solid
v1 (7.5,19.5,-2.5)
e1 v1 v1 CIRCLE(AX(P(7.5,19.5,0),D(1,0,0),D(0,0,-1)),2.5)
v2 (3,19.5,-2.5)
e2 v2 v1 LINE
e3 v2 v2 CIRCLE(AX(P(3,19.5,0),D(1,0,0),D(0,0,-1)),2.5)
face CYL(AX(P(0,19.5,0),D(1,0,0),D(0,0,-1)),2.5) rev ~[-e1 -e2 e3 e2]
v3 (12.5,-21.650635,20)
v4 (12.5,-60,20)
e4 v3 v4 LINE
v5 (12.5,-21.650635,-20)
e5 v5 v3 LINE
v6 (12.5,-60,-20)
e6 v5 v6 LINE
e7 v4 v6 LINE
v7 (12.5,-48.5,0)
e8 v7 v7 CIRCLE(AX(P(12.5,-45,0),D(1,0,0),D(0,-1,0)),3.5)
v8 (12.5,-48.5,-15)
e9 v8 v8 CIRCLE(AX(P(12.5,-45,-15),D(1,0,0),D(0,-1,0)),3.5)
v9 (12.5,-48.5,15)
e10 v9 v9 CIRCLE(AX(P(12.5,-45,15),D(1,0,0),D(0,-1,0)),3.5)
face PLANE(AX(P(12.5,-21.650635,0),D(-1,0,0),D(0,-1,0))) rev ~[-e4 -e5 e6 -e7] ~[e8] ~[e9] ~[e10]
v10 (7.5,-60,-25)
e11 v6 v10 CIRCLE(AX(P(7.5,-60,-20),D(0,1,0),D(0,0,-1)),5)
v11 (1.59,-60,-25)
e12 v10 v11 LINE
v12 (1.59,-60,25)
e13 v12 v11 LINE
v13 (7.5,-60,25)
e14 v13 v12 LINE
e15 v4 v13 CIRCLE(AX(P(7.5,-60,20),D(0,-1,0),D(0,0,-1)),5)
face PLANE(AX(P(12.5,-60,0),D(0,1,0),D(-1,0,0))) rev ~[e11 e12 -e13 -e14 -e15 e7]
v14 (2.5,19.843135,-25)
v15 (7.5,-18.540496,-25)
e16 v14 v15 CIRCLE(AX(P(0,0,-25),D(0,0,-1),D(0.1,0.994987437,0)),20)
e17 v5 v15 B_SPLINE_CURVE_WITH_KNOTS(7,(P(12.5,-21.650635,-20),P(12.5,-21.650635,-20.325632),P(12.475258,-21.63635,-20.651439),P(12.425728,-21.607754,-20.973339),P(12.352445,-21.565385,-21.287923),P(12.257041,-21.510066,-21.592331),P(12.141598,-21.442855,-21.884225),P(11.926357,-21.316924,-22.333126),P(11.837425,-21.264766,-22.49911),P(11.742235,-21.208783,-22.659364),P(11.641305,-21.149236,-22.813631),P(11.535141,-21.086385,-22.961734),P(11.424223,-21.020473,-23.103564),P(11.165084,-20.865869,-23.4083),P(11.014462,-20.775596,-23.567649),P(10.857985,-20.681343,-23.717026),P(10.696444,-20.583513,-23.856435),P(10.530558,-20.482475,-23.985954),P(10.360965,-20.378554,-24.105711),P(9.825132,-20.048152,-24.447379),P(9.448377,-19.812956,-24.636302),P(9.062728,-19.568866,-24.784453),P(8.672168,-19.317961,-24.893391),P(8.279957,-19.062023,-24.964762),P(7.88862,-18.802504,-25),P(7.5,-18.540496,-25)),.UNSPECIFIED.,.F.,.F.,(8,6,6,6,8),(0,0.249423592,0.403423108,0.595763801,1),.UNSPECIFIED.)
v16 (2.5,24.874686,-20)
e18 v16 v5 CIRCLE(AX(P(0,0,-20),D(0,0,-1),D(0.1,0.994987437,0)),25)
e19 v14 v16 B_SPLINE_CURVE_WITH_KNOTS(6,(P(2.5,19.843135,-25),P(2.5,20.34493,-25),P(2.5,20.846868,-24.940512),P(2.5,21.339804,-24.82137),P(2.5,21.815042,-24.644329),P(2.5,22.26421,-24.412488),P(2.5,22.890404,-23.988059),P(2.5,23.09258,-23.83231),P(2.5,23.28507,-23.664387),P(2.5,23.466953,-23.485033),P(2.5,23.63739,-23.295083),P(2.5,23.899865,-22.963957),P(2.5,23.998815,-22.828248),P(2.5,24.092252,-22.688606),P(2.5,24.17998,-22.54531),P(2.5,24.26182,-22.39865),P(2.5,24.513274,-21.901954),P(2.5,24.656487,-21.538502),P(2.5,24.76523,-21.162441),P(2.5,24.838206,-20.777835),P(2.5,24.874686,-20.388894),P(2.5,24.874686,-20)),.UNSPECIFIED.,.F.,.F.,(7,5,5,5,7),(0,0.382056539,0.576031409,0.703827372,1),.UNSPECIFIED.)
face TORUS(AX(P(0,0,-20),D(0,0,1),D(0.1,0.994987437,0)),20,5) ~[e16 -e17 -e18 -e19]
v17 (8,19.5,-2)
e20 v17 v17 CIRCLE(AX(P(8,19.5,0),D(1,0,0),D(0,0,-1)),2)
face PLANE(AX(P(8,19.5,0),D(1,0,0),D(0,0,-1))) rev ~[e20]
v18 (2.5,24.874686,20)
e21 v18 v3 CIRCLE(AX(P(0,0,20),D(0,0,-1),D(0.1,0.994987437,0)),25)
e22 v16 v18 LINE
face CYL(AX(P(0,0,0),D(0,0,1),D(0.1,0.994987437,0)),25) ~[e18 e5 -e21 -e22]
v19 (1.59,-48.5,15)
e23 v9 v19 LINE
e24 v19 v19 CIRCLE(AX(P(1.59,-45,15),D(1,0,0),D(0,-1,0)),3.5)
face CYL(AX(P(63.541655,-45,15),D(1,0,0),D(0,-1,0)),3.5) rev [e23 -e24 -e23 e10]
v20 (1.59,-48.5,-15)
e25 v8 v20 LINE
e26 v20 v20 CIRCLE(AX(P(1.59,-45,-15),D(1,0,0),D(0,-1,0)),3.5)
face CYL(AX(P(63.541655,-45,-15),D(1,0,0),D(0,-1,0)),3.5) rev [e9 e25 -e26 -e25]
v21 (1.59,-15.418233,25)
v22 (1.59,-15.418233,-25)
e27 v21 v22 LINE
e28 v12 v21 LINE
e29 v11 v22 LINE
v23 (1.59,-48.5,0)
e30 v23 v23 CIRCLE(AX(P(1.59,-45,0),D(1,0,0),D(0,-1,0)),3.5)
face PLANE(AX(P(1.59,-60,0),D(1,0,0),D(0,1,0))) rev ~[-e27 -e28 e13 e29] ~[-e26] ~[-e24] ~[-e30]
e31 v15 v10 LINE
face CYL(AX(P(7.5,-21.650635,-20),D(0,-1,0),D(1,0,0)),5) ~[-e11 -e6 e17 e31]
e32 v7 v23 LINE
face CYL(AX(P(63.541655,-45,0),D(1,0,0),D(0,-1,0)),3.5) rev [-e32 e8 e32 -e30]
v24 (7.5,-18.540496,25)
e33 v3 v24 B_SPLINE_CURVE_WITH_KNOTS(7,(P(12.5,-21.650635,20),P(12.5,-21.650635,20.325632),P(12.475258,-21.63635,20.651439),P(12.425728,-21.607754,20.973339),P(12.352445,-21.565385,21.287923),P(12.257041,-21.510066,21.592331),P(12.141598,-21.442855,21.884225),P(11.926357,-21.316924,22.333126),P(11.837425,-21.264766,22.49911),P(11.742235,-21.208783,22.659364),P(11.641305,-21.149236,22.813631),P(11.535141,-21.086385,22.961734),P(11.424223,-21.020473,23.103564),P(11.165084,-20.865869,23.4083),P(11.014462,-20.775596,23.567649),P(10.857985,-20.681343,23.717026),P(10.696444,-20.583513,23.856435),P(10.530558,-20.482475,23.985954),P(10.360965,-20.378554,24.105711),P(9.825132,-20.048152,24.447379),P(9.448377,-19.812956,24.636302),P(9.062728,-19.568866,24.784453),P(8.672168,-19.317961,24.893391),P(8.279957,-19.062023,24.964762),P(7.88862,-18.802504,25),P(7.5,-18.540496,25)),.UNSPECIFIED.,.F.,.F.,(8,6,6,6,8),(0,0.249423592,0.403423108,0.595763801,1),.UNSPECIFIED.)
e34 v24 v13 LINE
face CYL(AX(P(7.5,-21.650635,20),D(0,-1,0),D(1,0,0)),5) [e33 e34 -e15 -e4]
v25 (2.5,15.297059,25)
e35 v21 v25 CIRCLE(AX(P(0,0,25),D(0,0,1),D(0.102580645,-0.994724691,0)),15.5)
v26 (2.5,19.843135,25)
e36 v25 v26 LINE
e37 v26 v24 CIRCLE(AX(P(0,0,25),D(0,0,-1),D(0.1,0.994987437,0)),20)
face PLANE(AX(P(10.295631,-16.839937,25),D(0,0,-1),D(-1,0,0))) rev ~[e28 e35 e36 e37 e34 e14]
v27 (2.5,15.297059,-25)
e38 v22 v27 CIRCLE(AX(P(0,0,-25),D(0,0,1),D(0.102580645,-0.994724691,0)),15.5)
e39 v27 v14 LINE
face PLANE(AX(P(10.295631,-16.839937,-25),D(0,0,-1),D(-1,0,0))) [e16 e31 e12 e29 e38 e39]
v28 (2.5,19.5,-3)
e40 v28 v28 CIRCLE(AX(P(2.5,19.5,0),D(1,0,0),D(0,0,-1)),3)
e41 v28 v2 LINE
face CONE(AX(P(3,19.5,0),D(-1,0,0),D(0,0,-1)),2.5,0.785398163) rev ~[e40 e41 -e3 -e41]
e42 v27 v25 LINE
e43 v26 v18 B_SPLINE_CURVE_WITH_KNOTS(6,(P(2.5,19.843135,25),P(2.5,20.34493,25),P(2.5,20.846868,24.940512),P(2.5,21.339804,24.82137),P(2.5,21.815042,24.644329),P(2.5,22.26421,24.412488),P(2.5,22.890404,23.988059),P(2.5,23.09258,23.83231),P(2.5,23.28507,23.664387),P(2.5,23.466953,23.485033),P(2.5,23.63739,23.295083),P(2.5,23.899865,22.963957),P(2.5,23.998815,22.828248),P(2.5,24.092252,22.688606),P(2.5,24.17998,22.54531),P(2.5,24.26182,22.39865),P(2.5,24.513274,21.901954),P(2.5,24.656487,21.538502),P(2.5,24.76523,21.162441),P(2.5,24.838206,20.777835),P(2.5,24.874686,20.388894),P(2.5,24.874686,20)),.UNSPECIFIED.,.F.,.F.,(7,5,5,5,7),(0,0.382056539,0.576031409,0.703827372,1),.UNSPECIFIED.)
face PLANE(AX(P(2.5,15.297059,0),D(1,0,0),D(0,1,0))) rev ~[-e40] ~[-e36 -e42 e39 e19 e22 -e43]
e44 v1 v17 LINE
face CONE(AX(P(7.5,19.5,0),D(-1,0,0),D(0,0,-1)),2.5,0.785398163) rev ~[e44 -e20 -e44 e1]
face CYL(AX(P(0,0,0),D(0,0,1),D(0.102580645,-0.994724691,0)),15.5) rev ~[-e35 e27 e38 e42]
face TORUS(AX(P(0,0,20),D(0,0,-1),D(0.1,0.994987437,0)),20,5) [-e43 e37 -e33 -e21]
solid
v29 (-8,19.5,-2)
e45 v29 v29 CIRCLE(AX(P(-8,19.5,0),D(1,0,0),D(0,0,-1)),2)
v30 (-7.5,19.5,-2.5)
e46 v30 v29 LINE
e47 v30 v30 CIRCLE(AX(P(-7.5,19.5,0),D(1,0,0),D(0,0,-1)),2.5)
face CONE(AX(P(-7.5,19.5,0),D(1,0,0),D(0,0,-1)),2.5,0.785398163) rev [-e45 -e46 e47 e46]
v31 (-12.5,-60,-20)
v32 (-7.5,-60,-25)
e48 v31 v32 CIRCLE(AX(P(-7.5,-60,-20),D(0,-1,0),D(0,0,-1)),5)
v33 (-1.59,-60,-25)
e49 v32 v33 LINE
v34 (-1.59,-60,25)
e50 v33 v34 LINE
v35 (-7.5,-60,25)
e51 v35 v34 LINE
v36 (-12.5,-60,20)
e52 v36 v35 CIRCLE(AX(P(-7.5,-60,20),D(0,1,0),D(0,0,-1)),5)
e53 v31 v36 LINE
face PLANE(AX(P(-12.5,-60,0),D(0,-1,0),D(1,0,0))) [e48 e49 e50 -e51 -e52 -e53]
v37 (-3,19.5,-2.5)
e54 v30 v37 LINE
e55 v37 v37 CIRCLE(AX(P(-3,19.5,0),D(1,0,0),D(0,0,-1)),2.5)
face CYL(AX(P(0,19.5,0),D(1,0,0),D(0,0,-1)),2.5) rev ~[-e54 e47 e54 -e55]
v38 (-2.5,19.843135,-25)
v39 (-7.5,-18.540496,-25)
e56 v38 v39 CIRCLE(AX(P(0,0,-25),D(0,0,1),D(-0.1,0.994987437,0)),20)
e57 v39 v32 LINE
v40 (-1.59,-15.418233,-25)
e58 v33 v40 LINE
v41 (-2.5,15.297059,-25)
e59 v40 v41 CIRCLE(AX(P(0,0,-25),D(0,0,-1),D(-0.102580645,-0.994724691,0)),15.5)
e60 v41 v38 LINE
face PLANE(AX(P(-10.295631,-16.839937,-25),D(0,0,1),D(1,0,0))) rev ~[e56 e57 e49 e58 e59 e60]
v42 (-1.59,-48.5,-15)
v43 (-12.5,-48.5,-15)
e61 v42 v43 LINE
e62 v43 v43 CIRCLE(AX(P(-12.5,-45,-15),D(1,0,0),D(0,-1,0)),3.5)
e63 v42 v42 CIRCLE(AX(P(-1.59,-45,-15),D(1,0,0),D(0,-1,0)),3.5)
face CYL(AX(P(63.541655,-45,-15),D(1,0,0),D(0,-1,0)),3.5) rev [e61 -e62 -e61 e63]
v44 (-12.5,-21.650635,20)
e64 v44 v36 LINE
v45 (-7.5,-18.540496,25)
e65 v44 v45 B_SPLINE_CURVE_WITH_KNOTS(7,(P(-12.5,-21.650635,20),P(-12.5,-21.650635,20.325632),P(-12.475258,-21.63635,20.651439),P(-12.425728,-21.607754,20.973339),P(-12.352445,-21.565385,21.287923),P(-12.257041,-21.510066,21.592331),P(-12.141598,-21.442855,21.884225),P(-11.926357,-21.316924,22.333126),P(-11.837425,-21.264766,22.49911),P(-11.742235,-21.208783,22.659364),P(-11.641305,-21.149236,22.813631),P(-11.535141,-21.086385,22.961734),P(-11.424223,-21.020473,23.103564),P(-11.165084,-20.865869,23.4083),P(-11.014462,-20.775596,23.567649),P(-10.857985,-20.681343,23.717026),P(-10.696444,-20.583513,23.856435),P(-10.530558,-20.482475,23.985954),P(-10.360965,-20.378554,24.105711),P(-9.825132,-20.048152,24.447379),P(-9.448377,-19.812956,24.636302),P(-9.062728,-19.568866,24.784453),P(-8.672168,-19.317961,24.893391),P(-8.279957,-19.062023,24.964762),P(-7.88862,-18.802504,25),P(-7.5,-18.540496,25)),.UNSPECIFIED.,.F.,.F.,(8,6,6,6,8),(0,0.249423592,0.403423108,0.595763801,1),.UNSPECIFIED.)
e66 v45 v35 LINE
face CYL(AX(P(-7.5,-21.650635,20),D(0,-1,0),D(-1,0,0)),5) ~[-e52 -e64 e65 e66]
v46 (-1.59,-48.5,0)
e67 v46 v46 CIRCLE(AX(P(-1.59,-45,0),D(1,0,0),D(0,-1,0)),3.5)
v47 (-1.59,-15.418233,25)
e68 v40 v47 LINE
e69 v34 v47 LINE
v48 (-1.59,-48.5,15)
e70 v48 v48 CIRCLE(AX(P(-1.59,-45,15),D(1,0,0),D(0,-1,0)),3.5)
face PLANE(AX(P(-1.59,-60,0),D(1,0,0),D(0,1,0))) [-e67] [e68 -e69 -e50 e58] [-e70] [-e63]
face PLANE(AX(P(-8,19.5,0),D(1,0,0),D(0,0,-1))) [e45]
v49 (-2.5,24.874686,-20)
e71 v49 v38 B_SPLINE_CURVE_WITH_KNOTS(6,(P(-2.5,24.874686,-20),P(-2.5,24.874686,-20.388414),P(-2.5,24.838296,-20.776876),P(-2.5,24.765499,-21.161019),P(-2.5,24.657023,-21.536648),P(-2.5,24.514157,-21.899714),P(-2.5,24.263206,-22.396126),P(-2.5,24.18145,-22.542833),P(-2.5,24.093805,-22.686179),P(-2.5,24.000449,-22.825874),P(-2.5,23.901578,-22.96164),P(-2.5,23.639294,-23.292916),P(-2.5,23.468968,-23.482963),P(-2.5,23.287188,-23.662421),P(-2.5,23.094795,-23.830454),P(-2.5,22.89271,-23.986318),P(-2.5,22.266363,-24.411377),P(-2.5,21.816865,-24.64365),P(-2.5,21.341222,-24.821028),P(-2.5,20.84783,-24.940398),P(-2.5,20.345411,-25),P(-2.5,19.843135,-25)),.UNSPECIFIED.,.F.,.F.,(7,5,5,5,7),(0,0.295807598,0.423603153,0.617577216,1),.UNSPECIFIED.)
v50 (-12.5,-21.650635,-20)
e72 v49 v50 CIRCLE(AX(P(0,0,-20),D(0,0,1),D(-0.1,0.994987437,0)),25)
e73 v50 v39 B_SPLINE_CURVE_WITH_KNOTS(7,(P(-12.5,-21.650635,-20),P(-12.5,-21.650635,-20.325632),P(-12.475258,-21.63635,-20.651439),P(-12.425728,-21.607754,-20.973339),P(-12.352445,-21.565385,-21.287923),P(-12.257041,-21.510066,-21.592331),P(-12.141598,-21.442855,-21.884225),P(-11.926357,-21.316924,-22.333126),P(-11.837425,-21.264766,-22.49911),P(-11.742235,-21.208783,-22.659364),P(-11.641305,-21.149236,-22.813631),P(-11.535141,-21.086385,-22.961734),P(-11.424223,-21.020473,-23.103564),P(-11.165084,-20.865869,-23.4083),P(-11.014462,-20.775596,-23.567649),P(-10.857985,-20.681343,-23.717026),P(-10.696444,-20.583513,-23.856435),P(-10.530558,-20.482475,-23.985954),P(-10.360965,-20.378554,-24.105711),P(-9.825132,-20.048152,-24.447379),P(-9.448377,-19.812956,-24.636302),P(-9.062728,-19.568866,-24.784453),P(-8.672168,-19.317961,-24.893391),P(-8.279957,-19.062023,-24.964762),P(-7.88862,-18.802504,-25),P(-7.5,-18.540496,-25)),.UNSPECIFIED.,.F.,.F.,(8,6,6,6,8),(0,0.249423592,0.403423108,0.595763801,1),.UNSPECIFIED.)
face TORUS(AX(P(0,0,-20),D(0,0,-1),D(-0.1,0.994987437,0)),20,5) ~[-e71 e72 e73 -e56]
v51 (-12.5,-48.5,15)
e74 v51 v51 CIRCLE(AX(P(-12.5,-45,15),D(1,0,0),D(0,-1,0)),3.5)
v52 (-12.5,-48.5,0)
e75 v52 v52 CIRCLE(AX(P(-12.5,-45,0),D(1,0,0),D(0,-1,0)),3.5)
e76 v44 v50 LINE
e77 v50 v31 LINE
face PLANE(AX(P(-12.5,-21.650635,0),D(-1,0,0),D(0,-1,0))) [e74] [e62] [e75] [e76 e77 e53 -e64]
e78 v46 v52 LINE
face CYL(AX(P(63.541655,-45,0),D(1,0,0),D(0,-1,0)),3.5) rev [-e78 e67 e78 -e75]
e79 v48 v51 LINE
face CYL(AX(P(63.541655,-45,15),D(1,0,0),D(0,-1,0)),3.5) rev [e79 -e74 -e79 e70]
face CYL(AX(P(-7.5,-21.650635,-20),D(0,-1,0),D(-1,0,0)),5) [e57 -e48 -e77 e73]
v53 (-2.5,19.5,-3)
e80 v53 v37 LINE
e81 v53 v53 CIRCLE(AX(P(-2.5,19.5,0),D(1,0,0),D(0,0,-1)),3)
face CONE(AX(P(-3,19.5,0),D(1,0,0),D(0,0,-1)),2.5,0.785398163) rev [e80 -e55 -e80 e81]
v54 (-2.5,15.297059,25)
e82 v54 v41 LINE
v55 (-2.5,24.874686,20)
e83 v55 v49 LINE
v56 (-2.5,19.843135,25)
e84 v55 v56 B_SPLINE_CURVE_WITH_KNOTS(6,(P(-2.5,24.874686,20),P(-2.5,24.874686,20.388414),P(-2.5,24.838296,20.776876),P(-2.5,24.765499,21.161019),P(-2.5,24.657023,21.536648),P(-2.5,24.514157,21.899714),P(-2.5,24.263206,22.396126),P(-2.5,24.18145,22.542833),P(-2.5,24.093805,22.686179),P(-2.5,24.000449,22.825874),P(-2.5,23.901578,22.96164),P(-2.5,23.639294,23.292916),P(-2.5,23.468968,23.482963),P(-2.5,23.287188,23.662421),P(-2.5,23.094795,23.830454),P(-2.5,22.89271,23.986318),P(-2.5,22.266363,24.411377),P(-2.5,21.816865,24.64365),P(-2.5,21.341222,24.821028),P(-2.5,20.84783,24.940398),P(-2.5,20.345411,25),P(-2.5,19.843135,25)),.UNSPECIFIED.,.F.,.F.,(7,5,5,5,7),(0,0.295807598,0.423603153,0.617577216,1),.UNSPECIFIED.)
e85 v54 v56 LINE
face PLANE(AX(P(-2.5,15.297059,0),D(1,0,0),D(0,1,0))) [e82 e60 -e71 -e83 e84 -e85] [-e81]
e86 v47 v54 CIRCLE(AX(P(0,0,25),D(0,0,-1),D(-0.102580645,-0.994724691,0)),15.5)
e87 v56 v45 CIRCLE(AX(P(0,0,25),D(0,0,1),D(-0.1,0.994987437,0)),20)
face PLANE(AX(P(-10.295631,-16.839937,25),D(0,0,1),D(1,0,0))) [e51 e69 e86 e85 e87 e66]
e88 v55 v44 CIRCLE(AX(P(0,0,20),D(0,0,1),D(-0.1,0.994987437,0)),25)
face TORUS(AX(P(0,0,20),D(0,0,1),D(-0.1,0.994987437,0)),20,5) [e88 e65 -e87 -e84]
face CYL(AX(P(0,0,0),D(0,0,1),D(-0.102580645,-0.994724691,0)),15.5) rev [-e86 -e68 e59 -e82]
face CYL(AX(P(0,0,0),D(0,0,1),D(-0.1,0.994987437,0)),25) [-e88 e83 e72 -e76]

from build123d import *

# Parameters (mm, degrees)
BOSS_EXTRUDE1_DEPTH     = 25
BOSS_EXTRUDE1_2_DEPTH   = 25
FILLET1_R               = 5
FILLET2_R               = 5
CUT_EXTRUDE1_DEPTH      = 76.041655262
CUT_EXTRUDE1_DEPTH_BACK = 76.041655262
SKETCH3_R               = 3.5
SKETCH4_R               = 2.5
CUT_EXTRUDE2_DEPTH      = 8
CHAMFER1_SIZE           = 0.5
CHAMFER2_SIZE           = 0.5


with BuildPart() as part:
    # Sketch1 → Boss-Extrude1 (new, symmetric)
    with BuildSketch(Plane.XY):
        with BuildLine():
            Line((-12.5, -21.650635095), (-12.5, -60))
            Line((-12.5, -60), (-1.59, -60))
            Line((-1.59, -60), (-1.59, -15.418232713))
            ThreePointArc((-1.59, -15.418232713), (-15.493201871, -0.459016116), (-2.5, 15.297058541))
            Line((-2.5, 15.297058541), (-2.5, 24.874685928))
            ThreePointArc((-2.5, 24.874685928), (-24.441795639, 5.253439439), (-12.5, -21.650635095))
        make_face()
    extrude(amount=BOSS_EXTRUDE1_DEPTH, both=True)

    # Fillet1
    fillet1_edges = [part.edges().sort_by_distance(p)[0] for p in [
        (-24.441795639, 5.253439439, 25),
        (-12.5, -40.825317547, -25),
        (-24.441795639, 5.253439439, -25),
        (-12.5, -40.825317547, 25),
    ]]
    fillet(fillet1_edges, radius=FILLET1_R)


with BuildPart() as body_2:
    # Sketch1 → Boss-Extrude1 2 (new, symmetric)
    with BuildSketch(Plane.XY):
        with BuildLine():
            Line((12.5, -21.650635095), (12.5, -60))
            Line((12.5, -60), (1.59, -60))
            Line((1.59, -60), (1.59, -15.418232713))
            ThreePointArc((1.59, -15.418232713), (15.493201871, -0.459016116), (2.5, 15.297058541))
            Line((2.5, 15.297058541), (2.5, 24.874685928))
            ThreePointArc((2.5, 24.874685928), (24.441795639, 5.253439439), (12.5, -21.650635095))
        make_face()
    extrude(amount=BOSS_EXTRUDE1_2_DEPTH, both=True)

    # Fillet2
    fillet2_edges = [body_2.edges().sort_by_distance(p)[0] for p in [
        (12.5, -40.825317547, -25),
        (24.441795639, 5.253439439, -25),
        (12.5, -40.825317547, 25),
        (24.441795639, 5.253439439, 25),
    ]]
    fillet(fillet2_edges, radius=FILLET2_R)


with BuildPart() as cut_extrude1_tool:
    # Sketch3 → Cut-Extrude1 (new, two sides: drawn at the far end of the back side and taken through both)
    with BuildSketch(Plane.ZY.offset(12.5).offset(-CUT_EXTRUDE1_DEPTH_BACK)):
        with Locations(Location((0, -45, 0), (0, 0, 270))):
            Circle(SKETCH3_R)
        with Locations(Location((-15, -45, 0), (0, 0, 270))):
            Circle(SKETCH3_R)
        with Locations(Location((15, -45, 0), (0, 0, 270))):
            Circle(SKETCH3_R)
    extrude(amount=CUT_EXTRUDE1_DEPTH + CUT_EXTRUDE1_DEPTH_BACK)


with BuildPart() as part_1:
    add(part.part)

    # Cut-Extrude1: cut by cut_extrude1_tool
    add(cut_extrude1_tool.part, mode=Mode.SUBTRACT)


with BuildPart() as body_2_1:
    add(body_2.part)

    # Cut-Extrude1: cut by cut_extrude1_tool
    add(cut_extrude1_tool.part, mode=Mode.SUBTRACT)


with BuildPart() as cut_extrude2_tool:
    # Sketch4 → Cut-Extrude2 (new, symmetric)
    with BuildSketch(Plane(origin=(0, 0, 0), x_dir=(0, 0, -1), z_dir=(1, 0, 0))):
        with Locations((0, 19.5)):
            Circle(SKETCH4_R)
    extrude(amount=CUT_EXTRUDE2_DEPTH, both=True)


with BuildPart() as part_2:
    add(part_1.part)

    # Cut-Extrude2: cut by cut_extrude2_tool
    add(cut_extrude2_tool.part, mode=Mode.SUBTRACT)

    # Chamfer1
    chamfer1_edges = [part_2.edges().sort_by_distance(p)[0] for p in [
        (-8, 19.5, 2.5),
        (-2.5, 19.5, 2.5),
    ]]
    chamfer(chamfer1_edges, length=CHAMFER1_SIZE)


with BuildPart() as body_2_2:
    add(body_2_1.part)

    # Cut-Extrude2: cut by cut_extrude2_tool
    add(cut_extrude2_tool.part, mode=Mode.SUBTRACT)

    # Chamfer2
    chamfer2_edges = [body_2_2.edges().sort_by_distance(p)[0] for p in [
        (2.5, 19.5, 2.5),
        (8, 19.5, 2.5),
    ]]
    chamfer(chamfer2_edges, length=CHAMFER2_SIZE)


solid = Compound([part_2.part, body_2_2.part])
